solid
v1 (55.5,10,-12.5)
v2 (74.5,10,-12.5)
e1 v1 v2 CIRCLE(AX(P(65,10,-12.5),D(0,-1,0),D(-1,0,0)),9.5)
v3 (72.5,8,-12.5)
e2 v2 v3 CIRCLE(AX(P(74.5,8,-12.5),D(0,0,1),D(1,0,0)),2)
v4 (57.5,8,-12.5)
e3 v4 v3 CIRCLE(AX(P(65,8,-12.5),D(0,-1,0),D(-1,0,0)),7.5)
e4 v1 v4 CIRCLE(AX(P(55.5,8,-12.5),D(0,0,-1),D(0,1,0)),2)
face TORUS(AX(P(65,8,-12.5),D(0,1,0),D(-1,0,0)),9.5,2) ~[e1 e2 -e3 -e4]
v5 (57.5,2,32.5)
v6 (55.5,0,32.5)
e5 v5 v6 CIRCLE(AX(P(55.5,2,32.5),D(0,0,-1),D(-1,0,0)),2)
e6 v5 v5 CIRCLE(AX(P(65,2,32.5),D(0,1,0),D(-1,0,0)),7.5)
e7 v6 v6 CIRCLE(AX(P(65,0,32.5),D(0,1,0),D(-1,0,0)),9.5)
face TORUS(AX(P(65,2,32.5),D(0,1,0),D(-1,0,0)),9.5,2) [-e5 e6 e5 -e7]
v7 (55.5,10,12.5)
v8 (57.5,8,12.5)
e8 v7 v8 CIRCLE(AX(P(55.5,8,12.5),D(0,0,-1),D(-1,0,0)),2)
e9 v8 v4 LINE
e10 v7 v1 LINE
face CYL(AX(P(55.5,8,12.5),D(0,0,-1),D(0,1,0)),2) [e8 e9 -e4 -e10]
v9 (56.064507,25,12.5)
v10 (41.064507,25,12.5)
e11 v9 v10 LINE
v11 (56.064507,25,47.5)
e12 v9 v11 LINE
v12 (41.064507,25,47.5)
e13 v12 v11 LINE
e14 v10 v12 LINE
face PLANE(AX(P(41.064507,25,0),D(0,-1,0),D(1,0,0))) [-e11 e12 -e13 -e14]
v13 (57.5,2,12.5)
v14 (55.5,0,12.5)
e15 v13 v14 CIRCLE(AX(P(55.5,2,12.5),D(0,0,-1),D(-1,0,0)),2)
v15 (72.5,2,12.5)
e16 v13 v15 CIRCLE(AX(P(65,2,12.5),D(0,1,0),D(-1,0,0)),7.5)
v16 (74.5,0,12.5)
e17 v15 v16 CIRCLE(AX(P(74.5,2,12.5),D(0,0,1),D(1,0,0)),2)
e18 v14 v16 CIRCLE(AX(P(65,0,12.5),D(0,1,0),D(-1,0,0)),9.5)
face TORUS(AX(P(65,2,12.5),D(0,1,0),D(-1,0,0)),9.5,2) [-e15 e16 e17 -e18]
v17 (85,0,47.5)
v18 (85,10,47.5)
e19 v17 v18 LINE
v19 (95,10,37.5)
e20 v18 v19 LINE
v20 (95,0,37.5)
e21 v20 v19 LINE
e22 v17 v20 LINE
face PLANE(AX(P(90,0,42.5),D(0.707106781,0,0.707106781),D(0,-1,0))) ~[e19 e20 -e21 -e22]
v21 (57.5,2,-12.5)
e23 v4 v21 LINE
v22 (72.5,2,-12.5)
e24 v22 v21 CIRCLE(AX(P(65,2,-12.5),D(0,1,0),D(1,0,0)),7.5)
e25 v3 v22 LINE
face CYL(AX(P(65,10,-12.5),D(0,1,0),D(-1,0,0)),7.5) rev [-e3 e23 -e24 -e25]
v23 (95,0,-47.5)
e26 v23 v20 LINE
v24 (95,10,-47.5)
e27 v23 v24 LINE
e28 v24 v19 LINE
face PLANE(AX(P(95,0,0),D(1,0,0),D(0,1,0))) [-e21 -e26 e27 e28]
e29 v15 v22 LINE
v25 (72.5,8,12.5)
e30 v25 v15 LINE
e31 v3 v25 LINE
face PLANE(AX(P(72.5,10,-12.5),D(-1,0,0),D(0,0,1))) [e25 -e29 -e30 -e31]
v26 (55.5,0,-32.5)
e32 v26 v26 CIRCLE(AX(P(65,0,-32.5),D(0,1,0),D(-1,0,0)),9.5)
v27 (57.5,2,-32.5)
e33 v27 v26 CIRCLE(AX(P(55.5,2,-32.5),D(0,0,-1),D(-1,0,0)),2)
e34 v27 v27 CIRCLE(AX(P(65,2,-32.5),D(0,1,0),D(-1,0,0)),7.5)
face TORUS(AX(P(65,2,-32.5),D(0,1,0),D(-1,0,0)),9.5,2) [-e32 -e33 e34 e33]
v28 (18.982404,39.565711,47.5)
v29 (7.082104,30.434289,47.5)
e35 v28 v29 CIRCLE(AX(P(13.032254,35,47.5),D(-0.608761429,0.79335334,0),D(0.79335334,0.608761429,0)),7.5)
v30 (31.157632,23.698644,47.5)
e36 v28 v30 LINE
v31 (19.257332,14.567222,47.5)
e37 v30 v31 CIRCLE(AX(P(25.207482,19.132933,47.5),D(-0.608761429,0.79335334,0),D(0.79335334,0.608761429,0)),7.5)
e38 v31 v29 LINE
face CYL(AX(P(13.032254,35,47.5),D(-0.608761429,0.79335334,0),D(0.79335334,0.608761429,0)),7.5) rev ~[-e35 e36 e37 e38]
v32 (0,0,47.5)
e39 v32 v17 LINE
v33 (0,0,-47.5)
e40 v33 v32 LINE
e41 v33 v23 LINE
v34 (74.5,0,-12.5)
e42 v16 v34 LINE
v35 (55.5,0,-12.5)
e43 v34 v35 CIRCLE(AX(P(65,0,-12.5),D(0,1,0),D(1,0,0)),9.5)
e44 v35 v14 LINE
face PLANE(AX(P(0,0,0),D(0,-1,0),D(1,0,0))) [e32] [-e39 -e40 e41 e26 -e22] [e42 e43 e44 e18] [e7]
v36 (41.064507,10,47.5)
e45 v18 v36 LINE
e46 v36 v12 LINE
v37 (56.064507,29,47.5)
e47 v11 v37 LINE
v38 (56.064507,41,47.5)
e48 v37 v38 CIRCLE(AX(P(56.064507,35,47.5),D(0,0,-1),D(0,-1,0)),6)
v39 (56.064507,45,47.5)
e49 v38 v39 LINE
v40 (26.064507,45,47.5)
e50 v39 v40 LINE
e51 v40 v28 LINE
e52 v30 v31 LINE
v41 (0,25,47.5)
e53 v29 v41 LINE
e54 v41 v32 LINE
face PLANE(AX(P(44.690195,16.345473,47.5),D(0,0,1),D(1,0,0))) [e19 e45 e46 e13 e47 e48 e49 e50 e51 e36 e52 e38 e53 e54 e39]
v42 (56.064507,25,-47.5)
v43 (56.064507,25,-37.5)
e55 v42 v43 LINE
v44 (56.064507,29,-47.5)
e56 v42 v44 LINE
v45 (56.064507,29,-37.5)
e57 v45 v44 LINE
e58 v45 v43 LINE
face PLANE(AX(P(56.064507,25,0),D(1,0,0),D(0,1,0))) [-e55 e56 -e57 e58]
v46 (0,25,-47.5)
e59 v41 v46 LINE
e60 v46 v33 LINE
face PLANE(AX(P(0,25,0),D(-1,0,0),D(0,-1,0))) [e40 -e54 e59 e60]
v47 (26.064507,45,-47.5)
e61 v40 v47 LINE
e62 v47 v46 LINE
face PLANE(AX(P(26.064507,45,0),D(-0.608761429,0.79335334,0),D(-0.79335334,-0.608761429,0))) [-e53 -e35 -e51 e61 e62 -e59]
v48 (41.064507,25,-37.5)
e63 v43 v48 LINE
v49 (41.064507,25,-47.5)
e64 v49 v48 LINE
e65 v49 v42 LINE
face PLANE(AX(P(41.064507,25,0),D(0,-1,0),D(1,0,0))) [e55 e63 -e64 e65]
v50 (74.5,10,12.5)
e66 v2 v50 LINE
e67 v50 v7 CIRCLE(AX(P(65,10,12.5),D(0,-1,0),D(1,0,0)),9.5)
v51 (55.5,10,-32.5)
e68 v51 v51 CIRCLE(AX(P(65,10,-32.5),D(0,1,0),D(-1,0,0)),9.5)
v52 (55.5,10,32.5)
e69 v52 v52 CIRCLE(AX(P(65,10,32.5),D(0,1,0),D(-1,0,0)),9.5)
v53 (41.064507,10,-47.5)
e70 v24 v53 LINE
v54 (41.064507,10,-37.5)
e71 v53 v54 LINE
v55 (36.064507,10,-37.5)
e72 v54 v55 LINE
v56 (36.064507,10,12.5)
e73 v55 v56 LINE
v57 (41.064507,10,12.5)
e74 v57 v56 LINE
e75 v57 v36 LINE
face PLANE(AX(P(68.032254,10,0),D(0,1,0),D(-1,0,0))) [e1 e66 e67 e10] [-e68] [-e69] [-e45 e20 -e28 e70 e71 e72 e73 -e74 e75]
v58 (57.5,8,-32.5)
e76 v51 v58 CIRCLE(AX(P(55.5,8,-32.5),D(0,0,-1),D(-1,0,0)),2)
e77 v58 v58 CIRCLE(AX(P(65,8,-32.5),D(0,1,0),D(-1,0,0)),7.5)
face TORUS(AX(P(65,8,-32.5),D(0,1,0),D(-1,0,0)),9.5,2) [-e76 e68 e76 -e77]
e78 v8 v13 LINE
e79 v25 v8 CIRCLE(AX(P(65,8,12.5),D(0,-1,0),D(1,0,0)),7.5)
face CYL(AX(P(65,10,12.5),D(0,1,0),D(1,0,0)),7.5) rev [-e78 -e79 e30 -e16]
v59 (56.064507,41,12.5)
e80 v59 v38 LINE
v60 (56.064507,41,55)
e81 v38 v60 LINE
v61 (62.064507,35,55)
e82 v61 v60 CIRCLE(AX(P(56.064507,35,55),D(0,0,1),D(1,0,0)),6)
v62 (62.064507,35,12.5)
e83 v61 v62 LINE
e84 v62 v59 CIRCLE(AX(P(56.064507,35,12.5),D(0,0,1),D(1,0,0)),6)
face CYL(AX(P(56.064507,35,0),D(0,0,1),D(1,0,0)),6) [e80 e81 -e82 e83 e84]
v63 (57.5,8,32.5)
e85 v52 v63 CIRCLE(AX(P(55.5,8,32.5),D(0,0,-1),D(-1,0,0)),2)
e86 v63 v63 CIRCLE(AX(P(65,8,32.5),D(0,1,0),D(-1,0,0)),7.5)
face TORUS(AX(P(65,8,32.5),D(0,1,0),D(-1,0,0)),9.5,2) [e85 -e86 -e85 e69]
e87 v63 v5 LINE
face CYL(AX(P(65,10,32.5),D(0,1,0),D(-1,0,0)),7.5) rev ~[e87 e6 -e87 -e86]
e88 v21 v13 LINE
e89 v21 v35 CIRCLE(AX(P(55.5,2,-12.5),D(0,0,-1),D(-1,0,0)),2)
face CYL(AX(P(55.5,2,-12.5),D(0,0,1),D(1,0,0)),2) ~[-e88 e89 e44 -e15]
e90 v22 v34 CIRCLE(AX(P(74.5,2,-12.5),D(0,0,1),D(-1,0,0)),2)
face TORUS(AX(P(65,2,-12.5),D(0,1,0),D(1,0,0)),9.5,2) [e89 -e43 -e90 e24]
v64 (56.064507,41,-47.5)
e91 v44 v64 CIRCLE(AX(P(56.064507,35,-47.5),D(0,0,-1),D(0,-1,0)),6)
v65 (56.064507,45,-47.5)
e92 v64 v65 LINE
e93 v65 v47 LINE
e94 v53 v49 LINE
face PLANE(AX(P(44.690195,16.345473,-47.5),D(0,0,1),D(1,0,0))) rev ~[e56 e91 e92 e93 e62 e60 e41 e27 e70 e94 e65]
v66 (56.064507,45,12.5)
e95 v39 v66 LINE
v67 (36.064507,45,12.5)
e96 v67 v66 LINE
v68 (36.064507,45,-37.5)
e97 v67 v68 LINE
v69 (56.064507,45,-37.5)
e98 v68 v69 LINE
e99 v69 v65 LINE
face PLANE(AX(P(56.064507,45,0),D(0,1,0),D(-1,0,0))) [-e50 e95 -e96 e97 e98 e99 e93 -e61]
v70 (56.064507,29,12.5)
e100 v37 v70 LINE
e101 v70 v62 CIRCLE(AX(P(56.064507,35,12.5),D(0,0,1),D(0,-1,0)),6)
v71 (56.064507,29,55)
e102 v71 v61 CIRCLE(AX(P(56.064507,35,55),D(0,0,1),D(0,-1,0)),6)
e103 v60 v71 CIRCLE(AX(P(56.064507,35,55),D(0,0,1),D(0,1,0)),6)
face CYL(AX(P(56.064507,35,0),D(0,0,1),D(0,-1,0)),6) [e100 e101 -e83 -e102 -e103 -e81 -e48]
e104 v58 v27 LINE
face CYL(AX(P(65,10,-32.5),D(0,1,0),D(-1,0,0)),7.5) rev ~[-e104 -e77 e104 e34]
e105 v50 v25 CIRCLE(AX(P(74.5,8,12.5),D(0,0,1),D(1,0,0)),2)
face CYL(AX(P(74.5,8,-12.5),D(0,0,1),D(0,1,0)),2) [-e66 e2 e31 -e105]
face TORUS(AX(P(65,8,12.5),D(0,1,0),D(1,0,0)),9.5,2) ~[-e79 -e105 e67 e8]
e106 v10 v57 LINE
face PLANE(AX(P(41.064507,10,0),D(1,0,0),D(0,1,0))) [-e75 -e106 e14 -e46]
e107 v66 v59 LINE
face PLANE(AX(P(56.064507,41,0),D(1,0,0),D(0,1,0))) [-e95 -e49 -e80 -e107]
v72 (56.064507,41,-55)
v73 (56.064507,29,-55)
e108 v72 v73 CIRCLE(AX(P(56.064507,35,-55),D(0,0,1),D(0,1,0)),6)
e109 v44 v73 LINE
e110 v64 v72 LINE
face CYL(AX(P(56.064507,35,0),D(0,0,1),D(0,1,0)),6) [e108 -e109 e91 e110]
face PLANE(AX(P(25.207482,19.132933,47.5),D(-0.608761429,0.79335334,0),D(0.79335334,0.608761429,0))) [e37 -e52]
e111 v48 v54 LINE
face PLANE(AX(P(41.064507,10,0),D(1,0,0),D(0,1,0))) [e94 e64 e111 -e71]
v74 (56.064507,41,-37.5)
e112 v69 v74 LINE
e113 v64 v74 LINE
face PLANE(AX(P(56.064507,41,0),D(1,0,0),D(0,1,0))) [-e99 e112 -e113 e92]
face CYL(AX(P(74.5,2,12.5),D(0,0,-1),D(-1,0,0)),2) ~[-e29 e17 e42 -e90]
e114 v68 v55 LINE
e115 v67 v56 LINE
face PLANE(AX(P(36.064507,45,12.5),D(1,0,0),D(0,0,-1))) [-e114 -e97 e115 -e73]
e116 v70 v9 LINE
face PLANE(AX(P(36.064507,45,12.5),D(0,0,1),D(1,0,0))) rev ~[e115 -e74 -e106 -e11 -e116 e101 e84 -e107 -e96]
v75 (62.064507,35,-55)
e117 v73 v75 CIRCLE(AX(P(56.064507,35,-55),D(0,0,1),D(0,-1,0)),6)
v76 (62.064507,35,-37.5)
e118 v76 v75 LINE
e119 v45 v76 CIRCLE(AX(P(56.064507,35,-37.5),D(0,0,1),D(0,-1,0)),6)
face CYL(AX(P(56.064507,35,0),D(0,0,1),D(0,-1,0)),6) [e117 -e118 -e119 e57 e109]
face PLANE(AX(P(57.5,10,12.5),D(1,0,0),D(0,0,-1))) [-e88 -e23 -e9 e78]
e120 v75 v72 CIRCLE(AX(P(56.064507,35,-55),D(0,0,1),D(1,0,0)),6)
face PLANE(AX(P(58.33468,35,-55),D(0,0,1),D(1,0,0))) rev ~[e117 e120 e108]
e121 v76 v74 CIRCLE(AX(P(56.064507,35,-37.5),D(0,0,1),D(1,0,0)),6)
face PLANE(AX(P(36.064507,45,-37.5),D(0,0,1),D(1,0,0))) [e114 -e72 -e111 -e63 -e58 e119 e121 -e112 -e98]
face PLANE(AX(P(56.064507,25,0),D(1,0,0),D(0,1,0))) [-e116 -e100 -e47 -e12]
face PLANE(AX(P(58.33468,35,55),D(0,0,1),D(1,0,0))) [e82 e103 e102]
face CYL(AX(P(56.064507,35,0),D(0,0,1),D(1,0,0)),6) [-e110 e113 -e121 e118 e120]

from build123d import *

# Parameters (mm, degrees)
BOSS_EXTRU_1_DEPTH      = 47.5
BOSS_EXTRU_2_DEPTH      = 55
ESQUISSE3_R             = 7.5
ENL_V_MAT_EXTRU_1_DEPTH = 20
ENL_V_MAT_EXTRU_2_REACH = 120.638
ESQUISSE4_W             = 42.689900708
ESQUISSE4_H             = 50
ESQUISSE5_R             = 7.5
ENL_V_MAT_EXTRU_3_DEPTH = 116.217186218
CONG_1_R                = 2
CHANFREIN1_SIZE         = 10


with BuildPart() as part:
    # Esquisse2 → Boss.-Extru.1 (new, symmetric)
    with BuildSketch(Plane.XY):
        with BuildLine():
            Line((0, 25), (0, 0))
            Line((0, 0), (95, 0))
            Line((95, 0), (95, 10))
            Line((95, 10), (41.064507457, 10))
            Line((41.064507457, 10), (41.064507457, 25))
            Line((41.064507457, 25), (56.064507457, 25))
            Line((56.064507457, 25), (56.064507457, 29))
            ThreePointArc((56.064507457, 29), (50.064507457, 35), (56.064507457, 41))
            Line((56.064507457, 41), (56.064507457, 45))
            Line((56.064507457, 45), (26.064507457, 45))
            Line((26.064507457, 45), (0, 25))
        make_face()
    extrude(amount=BOSS_EXTRU_1_DEPTH, both=True)

    # Esquisse2<3> → Boss.-Extru.2 (add, symmetric)
    with BuildSketch(Plane.XY):
        with BuildLine():
            ThreePointArc((62.064507457, 35), (60.307148144, 39.242640687), (56.064507457, 41))
            Line((56.064507457, 41), (56.064507457, 29))
            ThreePointArc((56.064507457, 29), (60.307148144, 30.757359313), (62.064507457, 35))
        make_face()
        with BuildLine():
            Line((56.064507457, 29), (56.064507457, 41))
            ThreePointArc((56.064507457, 41), (50.064507457, 35), (56.064507457, 29))
        make_face()
    extrude(amount=BOSS_EXTRU_2_DEPTH, both=True)

    # Esquisse3 → Enlèv. mat.-Extru.1 (cut)
    with BuildSketch(Plane(origin=(-12.074072829, 15.735238064, 0), x_dir=(0.7933533402912363, 0.6087614290087191, 0), z_dir=(-0.6087614290087192, 0.7933533402912364, 0))):
        with Locations((31.645832042, -47.5)):
            Circle(ESQUISSE3_R)
    extrude(amount=-ENL_V_MAT_EXTRU_1_DEPTH, mode=Mode.SUBTRACT)

    # Enlèv. mat.-Extru.2: up to this face of the body (flat: up to its plane)
    enl_v_mat_extru_2_end = Plane(part.part.faces().sort_by_distance((68.032253728, 10, 0))[0])
    # Esquisse4 → Enlèv. mat.-Extru.2 (cut, up to the picked face)
    with BuildSketch(Plane(origin=(0, 45, 0), x_dir=(1, 0, 0), z_dir=(0, 1, 0)), mode=Mode.PRIVATE) as enl_v_mat_extru_2_sk1:
        with Locations((57.409457811, 12.5)):
            Rectangle(ESQUISSE4_W, ESQUISSE4_H)
    enl_v_mat_extru_2_tool1 = split(extrude(enl_v_mat_extru_2_sk1.sketch, amount=-ENL_V_MAT_EXTRU_2_REACH, mode=Mode.PRIVATE), bisect_by=enl_v_mat_extru_2_end, keep=Keep.BOTH, mode=Mode.PRIVATE)
    add(enl_v_mat_extru_2_tool1.solids().sort_by(Axis((57.409458, 45, -12.5), (0, -1, 0)))[0], mode=Mode.SUBTRACT)

    # Esquisse5 → Enlèv. mat.-Extru.3 (cut, through all)
    with BuildSketch(Plane(origin=(0, 10, 0), x_dir=(1, 0, 0), z_dir=(0, 1, 0))):
        with Locations(Location((65, 32.5, 0), (0, 0, 180))):
            Circle(ESQUISSE5_R)
        with Locations(Location((65, -32.5, 0), (0, 0, 180))):
            Circle(ESQUISSE5_R)
        with BuildLine():
            Line((57.5, -12.5), (57.5, 12.5))
            ThreePointArc((57.5, 12.5), (65, 20), (72.5, 12.5))
            Line((72.5, 12.5), (72.5, -12.5))
            ThreePointArc((72.5, -12.5), (65, -20), (57.5, -12.5))
        make_face()
    extrude(amount=-ENL_V_MAT_EXTRU_3_DEPTH, mode=Mode.SUBTRACT)

    # Congé1
    cong_1_edges = [part.edges().sort_by_distance(p)[0] for p in [
        (72.5, 0, -32.5),
        (72.5, 10, -32.5),
        (65, 0, 20),
        (57.5, 0, 0),
        (65, 0, -20),
        (72.5, 0, 0),
        (65, 10, 20),
        (72.5, 10, 0),
        (65, 10, -20),
        (57.5, 10, 0),
        (72.5, 0, 32.5),
        (72.5, 10, 32.5),
    ]]
    fillet(cong_1_edges, radius=CONG_1_R)

    # Chanfrein1
    chanfrein1_edges = [part.edges().sort_by_distance(p)[0] for p in [
        (95, 5, 47.5),
    ]]
    chamfer(chanfrein1_edges, length=CHANFREIN1_SIZE)


solid = part.part
